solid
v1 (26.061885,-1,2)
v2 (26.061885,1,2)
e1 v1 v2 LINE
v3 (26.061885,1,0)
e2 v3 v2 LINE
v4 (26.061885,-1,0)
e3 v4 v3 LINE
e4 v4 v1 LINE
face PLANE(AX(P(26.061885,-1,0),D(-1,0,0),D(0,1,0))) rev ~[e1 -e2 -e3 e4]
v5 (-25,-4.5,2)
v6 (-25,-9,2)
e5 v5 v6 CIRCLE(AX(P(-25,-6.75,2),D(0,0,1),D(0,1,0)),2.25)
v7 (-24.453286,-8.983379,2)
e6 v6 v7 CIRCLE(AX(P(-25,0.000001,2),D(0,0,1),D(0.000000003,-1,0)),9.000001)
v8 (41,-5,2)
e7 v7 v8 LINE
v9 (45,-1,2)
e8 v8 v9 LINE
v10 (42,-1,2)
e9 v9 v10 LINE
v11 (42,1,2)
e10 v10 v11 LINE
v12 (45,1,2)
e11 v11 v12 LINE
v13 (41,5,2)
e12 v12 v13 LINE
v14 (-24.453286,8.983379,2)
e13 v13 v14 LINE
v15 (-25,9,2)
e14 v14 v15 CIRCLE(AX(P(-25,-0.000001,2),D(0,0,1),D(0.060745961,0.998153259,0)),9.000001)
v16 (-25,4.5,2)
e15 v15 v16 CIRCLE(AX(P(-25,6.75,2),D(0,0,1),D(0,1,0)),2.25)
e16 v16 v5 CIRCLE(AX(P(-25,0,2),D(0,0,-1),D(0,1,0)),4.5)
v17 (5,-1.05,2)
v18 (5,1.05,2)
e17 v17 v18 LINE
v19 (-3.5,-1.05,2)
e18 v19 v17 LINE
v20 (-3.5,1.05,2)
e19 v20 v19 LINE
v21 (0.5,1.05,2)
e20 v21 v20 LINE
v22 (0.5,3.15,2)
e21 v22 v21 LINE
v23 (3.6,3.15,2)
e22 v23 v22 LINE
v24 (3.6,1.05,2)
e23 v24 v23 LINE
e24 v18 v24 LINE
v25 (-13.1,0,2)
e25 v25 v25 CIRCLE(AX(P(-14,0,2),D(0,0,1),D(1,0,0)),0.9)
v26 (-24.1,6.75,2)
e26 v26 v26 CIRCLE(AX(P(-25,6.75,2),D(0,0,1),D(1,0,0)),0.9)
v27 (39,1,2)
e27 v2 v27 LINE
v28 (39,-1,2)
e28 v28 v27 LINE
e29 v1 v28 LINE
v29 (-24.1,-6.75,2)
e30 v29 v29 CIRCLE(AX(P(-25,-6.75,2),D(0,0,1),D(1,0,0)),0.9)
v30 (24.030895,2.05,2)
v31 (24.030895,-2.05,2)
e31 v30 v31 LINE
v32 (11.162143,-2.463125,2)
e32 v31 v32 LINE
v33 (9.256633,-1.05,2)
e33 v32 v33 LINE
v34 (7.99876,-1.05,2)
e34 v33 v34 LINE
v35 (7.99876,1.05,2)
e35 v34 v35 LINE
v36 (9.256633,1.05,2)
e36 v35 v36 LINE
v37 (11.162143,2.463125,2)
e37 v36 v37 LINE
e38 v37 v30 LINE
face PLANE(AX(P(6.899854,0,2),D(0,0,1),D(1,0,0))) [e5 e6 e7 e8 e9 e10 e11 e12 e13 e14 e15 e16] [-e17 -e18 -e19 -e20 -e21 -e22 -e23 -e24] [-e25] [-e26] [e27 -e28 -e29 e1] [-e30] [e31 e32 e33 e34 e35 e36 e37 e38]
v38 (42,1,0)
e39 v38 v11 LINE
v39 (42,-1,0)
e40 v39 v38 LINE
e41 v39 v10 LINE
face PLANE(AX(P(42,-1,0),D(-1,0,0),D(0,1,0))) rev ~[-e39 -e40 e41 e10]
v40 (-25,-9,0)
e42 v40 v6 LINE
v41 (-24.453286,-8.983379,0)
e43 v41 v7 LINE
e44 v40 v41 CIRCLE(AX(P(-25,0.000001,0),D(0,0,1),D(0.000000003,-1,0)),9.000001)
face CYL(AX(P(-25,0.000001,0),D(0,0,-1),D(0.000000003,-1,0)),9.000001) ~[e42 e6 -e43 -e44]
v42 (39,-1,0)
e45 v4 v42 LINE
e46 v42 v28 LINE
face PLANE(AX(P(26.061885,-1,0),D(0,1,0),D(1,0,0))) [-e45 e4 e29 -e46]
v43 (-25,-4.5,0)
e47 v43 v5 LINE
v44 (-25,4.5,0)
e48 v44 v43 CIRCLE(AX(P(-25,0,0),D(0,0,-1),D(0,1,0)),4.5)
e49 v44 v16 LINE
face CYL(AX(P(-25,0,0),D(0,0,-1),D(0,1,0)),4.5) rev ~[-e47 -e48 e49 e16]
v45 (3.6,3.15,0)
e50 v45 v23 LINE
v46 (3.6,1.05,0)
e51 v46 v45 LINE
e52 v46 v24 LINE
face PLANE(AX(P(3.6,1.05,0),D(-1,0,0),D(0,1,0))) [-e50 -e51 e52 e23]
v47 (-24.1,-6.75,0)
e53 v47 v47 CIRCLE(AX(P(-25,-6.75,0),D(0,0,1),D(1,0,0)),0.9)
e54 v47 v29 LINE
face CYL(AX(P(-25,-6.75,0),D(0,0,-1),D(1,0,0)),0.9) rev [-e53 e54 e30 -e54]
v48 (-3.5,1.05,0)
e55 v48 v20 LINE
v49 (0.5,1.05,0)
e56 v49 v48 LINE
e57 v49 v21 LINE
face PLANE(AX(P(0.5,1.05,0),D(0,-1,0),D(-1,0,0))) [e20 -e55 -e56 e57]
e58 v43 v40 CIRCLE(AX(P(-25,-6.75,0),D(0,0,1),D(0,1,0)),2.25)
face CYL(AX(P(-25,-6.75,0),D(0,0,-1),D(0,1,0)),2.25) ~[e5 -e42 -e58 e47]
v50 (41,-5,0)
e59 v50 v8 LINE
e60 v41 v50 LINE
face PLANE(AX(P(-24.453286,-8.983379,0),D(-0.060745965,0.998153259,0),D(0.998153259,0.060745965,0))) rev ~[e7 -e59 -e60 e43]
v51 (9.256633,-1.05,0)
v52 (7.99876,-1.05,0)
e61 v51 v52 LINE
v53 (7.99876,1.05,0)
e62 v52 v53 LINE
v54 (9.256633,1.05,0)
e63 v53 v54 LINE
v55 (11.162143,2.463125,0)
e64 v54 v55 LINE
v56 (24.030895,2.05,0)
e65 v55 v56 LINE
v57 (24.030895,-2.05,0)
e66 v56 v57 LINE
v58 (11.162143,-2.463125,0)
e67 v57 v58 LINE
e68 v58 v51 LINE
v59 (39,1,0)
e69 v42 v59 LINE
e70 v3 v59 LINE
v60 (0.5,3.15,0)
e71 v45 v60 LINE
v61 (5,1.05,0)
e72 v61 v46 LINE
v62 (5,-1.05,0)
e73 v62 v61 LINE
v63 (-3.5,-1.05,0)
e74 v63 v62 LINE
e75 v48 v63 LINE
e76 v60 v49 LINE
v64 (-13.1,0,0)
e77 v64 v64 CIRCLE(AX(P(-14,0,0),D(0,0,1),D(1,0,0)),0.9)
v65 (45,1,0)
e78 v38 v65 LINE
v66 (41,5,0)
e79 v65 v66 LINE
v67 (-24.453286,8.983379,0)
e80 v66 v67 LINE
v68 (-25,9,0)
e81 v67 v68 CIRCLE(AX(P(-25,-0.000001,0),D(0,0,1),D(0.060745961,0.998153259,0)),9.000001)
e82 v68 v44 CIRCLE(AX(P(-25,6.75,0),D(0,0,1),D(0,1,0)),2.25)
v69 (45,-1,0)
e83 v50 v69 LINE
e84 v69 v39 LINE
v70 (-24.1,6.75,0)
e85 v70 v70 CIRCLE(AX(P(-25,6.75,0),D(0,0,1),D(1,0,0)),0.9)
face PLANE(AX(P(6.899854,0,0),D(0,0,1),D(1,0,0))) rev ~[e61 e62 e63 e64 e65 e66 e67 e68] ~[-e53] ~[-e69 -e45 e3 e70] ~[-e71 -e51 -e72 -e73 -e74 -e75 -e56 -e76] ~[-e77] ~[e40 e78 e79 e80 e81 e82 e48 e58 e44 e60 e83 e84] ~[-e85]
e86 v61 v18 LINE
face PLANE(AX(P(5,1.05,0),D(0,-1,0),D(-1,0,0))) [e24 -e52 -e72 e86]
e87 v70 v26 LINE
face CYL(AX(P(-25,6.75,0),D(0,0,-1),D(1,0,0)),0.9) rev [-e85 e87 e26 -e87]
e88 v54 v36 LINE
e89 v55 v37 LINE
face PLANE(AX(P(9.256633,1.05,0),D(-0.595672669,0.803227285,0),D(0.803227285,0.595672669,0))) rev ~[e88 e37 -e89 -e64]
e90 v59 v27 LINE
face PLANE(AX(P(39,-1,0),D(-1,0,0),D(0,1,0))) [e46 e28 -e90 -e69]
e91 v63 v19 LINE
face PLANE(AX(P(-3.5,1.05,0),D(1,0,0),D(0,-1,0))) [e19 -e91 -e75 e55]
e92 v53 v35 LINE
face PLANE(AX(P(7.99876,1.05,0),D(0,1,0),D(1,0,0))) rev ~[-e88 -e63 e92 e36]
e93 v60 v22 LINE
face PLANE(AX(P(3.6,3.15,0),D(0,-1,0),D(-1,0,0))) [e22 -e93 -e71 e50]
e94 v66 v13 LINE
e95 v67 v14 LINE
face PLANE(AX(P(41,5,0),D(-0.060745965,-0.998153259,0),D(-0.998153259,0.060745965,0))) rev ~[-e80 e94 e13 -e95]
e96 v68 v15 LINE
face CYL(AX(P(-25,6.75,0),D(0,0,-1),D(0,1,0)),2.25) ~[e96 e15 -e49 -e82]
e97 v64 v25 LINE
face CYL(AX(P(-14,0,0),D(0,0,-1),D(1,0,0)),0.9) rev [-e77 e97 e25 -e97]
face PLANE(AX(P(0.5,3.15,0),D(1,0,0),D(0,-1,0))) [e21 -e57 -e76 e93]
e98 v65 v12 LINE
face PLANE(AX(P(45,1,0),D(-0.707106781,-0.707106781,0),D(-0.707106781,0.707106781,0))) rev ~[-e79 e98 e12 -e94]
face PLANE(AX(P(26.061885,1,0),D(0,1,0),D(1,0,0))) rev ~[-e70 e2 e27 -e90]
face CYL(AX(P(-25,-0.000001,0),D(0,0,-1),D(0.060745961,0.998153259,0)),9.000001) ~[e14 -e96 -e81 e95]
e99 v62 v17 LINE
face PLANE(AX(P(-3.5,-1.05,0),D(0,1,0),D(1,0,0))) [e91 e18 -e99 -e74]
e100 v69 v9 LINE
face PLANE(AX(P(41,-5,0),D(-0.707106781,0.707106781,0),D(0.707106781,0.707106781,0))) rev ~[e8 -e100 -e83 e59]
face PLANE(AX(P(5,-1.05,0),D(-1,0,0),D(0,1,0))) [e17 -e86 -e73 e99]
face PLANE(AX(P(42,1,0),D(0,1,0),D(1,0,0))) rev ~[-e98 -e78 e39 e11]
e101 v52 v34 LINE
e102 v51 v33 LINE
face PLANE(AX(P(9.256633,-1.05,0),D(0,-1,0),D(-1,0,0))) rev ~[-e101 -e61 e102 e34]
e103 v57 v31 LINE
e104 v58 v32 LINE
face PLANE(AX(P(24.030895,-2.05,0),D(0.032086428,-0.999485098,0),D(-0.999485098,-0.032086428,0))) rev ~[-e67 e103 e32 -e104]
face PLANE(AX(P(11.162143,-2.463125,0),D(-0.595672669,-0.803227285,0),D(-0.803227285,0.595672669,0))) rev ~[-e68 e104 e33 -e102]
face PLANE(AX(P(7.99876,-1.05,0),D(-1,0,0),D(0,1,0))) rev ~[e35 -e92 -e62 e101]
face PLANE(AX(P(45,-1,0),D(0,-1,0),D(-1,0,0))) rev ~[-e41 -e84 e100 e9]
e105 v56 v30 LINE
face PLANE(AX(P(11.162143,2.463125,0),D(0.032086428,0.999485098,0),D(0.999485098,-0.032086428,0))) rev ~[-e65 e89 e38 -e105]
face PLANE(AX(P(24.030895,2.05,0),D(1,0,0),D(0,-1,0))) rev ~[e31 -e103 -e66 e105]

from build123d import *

# Parameters (mm, degrees)
SKETCH_1_R      = 0.9
SKETCH_1_W      = 12.938114719
SKETCH_1_H      = 2
EXTRUDE_1_DEPTH = 2


with BuildPart() as part:
    # 草图1 → 凸台-拉伸1 (new body)
    with BuildSketch(Plane.XY):
        with BuildLine():
            Line((42, 1), (45, 1))
            Line((45, 1), (41, 5))
            Line((41, 5), (-24.453286313, 8.983379328))
            ThreePointArc((-24.453286313, 8.983379328), (-24.726516864, 8.995843872), (-25, 9))
            ThreePointArc((-25, 9), (-27.25, 6.75), (-25, 4.5))
            ThreePointArc((-25, 4.5), (-20.5, 0), (-25, -4.5))
            ThreePointArc((-25, -4.5), (-27.25, -6.75), (-25, -9))
            ThreePointArc((-25, -9), (-24.726516864, -8.995843872), (-24.453286313, -8.983379328))
            Line((-24.453286313, -8.983379328), (41, -5))
            Line((41, -5), (45, -1))
            Line((45, -1), (42, -1))
            Line((42, -1), (42, 1))
        make_face()
        with Locations((-25, 6.75)):
            Circle(SKETCH_1_R, mode=Mode.SUBTRACT)
        with Locations((-25, -6.75)):
            Circle(SKETCH_1_R, mode=Mode.SUBTRACT)
        with Locations((-14, 0)):
            Circle(SKETCH_1_R, mode=Mode.SUBTRACT)
        Polygon((5, 1.05), (3.6, 1.05), (3.6, 3.15), (0.5, 3.15), (0.5, 1.05), (-3.5, 1.05), (-3.5, -1.05), (5, -1.05), align=None, mode=Mode.SUBTRACT)
        with Locations((32.530942641, 0)):
            Rectangle(SKETCH_1_W, SKETCH_1_H, mode=Mode.SUBTRACT)
        Polygon((24.030895161, -2.05), (11.162143386, -2.463125002), (9.25663283, -1.05), (7.998759736, -1.05), (7.998759736, 1.05), (9.25663283, 1.05), (11.162143386, 2.463125002), (24.030895161, 2.05), align=None, mode=Mode.SUBTRACT)
    extrude(amount=EXTRUDE_1_DEPTH)


solid = part.part
